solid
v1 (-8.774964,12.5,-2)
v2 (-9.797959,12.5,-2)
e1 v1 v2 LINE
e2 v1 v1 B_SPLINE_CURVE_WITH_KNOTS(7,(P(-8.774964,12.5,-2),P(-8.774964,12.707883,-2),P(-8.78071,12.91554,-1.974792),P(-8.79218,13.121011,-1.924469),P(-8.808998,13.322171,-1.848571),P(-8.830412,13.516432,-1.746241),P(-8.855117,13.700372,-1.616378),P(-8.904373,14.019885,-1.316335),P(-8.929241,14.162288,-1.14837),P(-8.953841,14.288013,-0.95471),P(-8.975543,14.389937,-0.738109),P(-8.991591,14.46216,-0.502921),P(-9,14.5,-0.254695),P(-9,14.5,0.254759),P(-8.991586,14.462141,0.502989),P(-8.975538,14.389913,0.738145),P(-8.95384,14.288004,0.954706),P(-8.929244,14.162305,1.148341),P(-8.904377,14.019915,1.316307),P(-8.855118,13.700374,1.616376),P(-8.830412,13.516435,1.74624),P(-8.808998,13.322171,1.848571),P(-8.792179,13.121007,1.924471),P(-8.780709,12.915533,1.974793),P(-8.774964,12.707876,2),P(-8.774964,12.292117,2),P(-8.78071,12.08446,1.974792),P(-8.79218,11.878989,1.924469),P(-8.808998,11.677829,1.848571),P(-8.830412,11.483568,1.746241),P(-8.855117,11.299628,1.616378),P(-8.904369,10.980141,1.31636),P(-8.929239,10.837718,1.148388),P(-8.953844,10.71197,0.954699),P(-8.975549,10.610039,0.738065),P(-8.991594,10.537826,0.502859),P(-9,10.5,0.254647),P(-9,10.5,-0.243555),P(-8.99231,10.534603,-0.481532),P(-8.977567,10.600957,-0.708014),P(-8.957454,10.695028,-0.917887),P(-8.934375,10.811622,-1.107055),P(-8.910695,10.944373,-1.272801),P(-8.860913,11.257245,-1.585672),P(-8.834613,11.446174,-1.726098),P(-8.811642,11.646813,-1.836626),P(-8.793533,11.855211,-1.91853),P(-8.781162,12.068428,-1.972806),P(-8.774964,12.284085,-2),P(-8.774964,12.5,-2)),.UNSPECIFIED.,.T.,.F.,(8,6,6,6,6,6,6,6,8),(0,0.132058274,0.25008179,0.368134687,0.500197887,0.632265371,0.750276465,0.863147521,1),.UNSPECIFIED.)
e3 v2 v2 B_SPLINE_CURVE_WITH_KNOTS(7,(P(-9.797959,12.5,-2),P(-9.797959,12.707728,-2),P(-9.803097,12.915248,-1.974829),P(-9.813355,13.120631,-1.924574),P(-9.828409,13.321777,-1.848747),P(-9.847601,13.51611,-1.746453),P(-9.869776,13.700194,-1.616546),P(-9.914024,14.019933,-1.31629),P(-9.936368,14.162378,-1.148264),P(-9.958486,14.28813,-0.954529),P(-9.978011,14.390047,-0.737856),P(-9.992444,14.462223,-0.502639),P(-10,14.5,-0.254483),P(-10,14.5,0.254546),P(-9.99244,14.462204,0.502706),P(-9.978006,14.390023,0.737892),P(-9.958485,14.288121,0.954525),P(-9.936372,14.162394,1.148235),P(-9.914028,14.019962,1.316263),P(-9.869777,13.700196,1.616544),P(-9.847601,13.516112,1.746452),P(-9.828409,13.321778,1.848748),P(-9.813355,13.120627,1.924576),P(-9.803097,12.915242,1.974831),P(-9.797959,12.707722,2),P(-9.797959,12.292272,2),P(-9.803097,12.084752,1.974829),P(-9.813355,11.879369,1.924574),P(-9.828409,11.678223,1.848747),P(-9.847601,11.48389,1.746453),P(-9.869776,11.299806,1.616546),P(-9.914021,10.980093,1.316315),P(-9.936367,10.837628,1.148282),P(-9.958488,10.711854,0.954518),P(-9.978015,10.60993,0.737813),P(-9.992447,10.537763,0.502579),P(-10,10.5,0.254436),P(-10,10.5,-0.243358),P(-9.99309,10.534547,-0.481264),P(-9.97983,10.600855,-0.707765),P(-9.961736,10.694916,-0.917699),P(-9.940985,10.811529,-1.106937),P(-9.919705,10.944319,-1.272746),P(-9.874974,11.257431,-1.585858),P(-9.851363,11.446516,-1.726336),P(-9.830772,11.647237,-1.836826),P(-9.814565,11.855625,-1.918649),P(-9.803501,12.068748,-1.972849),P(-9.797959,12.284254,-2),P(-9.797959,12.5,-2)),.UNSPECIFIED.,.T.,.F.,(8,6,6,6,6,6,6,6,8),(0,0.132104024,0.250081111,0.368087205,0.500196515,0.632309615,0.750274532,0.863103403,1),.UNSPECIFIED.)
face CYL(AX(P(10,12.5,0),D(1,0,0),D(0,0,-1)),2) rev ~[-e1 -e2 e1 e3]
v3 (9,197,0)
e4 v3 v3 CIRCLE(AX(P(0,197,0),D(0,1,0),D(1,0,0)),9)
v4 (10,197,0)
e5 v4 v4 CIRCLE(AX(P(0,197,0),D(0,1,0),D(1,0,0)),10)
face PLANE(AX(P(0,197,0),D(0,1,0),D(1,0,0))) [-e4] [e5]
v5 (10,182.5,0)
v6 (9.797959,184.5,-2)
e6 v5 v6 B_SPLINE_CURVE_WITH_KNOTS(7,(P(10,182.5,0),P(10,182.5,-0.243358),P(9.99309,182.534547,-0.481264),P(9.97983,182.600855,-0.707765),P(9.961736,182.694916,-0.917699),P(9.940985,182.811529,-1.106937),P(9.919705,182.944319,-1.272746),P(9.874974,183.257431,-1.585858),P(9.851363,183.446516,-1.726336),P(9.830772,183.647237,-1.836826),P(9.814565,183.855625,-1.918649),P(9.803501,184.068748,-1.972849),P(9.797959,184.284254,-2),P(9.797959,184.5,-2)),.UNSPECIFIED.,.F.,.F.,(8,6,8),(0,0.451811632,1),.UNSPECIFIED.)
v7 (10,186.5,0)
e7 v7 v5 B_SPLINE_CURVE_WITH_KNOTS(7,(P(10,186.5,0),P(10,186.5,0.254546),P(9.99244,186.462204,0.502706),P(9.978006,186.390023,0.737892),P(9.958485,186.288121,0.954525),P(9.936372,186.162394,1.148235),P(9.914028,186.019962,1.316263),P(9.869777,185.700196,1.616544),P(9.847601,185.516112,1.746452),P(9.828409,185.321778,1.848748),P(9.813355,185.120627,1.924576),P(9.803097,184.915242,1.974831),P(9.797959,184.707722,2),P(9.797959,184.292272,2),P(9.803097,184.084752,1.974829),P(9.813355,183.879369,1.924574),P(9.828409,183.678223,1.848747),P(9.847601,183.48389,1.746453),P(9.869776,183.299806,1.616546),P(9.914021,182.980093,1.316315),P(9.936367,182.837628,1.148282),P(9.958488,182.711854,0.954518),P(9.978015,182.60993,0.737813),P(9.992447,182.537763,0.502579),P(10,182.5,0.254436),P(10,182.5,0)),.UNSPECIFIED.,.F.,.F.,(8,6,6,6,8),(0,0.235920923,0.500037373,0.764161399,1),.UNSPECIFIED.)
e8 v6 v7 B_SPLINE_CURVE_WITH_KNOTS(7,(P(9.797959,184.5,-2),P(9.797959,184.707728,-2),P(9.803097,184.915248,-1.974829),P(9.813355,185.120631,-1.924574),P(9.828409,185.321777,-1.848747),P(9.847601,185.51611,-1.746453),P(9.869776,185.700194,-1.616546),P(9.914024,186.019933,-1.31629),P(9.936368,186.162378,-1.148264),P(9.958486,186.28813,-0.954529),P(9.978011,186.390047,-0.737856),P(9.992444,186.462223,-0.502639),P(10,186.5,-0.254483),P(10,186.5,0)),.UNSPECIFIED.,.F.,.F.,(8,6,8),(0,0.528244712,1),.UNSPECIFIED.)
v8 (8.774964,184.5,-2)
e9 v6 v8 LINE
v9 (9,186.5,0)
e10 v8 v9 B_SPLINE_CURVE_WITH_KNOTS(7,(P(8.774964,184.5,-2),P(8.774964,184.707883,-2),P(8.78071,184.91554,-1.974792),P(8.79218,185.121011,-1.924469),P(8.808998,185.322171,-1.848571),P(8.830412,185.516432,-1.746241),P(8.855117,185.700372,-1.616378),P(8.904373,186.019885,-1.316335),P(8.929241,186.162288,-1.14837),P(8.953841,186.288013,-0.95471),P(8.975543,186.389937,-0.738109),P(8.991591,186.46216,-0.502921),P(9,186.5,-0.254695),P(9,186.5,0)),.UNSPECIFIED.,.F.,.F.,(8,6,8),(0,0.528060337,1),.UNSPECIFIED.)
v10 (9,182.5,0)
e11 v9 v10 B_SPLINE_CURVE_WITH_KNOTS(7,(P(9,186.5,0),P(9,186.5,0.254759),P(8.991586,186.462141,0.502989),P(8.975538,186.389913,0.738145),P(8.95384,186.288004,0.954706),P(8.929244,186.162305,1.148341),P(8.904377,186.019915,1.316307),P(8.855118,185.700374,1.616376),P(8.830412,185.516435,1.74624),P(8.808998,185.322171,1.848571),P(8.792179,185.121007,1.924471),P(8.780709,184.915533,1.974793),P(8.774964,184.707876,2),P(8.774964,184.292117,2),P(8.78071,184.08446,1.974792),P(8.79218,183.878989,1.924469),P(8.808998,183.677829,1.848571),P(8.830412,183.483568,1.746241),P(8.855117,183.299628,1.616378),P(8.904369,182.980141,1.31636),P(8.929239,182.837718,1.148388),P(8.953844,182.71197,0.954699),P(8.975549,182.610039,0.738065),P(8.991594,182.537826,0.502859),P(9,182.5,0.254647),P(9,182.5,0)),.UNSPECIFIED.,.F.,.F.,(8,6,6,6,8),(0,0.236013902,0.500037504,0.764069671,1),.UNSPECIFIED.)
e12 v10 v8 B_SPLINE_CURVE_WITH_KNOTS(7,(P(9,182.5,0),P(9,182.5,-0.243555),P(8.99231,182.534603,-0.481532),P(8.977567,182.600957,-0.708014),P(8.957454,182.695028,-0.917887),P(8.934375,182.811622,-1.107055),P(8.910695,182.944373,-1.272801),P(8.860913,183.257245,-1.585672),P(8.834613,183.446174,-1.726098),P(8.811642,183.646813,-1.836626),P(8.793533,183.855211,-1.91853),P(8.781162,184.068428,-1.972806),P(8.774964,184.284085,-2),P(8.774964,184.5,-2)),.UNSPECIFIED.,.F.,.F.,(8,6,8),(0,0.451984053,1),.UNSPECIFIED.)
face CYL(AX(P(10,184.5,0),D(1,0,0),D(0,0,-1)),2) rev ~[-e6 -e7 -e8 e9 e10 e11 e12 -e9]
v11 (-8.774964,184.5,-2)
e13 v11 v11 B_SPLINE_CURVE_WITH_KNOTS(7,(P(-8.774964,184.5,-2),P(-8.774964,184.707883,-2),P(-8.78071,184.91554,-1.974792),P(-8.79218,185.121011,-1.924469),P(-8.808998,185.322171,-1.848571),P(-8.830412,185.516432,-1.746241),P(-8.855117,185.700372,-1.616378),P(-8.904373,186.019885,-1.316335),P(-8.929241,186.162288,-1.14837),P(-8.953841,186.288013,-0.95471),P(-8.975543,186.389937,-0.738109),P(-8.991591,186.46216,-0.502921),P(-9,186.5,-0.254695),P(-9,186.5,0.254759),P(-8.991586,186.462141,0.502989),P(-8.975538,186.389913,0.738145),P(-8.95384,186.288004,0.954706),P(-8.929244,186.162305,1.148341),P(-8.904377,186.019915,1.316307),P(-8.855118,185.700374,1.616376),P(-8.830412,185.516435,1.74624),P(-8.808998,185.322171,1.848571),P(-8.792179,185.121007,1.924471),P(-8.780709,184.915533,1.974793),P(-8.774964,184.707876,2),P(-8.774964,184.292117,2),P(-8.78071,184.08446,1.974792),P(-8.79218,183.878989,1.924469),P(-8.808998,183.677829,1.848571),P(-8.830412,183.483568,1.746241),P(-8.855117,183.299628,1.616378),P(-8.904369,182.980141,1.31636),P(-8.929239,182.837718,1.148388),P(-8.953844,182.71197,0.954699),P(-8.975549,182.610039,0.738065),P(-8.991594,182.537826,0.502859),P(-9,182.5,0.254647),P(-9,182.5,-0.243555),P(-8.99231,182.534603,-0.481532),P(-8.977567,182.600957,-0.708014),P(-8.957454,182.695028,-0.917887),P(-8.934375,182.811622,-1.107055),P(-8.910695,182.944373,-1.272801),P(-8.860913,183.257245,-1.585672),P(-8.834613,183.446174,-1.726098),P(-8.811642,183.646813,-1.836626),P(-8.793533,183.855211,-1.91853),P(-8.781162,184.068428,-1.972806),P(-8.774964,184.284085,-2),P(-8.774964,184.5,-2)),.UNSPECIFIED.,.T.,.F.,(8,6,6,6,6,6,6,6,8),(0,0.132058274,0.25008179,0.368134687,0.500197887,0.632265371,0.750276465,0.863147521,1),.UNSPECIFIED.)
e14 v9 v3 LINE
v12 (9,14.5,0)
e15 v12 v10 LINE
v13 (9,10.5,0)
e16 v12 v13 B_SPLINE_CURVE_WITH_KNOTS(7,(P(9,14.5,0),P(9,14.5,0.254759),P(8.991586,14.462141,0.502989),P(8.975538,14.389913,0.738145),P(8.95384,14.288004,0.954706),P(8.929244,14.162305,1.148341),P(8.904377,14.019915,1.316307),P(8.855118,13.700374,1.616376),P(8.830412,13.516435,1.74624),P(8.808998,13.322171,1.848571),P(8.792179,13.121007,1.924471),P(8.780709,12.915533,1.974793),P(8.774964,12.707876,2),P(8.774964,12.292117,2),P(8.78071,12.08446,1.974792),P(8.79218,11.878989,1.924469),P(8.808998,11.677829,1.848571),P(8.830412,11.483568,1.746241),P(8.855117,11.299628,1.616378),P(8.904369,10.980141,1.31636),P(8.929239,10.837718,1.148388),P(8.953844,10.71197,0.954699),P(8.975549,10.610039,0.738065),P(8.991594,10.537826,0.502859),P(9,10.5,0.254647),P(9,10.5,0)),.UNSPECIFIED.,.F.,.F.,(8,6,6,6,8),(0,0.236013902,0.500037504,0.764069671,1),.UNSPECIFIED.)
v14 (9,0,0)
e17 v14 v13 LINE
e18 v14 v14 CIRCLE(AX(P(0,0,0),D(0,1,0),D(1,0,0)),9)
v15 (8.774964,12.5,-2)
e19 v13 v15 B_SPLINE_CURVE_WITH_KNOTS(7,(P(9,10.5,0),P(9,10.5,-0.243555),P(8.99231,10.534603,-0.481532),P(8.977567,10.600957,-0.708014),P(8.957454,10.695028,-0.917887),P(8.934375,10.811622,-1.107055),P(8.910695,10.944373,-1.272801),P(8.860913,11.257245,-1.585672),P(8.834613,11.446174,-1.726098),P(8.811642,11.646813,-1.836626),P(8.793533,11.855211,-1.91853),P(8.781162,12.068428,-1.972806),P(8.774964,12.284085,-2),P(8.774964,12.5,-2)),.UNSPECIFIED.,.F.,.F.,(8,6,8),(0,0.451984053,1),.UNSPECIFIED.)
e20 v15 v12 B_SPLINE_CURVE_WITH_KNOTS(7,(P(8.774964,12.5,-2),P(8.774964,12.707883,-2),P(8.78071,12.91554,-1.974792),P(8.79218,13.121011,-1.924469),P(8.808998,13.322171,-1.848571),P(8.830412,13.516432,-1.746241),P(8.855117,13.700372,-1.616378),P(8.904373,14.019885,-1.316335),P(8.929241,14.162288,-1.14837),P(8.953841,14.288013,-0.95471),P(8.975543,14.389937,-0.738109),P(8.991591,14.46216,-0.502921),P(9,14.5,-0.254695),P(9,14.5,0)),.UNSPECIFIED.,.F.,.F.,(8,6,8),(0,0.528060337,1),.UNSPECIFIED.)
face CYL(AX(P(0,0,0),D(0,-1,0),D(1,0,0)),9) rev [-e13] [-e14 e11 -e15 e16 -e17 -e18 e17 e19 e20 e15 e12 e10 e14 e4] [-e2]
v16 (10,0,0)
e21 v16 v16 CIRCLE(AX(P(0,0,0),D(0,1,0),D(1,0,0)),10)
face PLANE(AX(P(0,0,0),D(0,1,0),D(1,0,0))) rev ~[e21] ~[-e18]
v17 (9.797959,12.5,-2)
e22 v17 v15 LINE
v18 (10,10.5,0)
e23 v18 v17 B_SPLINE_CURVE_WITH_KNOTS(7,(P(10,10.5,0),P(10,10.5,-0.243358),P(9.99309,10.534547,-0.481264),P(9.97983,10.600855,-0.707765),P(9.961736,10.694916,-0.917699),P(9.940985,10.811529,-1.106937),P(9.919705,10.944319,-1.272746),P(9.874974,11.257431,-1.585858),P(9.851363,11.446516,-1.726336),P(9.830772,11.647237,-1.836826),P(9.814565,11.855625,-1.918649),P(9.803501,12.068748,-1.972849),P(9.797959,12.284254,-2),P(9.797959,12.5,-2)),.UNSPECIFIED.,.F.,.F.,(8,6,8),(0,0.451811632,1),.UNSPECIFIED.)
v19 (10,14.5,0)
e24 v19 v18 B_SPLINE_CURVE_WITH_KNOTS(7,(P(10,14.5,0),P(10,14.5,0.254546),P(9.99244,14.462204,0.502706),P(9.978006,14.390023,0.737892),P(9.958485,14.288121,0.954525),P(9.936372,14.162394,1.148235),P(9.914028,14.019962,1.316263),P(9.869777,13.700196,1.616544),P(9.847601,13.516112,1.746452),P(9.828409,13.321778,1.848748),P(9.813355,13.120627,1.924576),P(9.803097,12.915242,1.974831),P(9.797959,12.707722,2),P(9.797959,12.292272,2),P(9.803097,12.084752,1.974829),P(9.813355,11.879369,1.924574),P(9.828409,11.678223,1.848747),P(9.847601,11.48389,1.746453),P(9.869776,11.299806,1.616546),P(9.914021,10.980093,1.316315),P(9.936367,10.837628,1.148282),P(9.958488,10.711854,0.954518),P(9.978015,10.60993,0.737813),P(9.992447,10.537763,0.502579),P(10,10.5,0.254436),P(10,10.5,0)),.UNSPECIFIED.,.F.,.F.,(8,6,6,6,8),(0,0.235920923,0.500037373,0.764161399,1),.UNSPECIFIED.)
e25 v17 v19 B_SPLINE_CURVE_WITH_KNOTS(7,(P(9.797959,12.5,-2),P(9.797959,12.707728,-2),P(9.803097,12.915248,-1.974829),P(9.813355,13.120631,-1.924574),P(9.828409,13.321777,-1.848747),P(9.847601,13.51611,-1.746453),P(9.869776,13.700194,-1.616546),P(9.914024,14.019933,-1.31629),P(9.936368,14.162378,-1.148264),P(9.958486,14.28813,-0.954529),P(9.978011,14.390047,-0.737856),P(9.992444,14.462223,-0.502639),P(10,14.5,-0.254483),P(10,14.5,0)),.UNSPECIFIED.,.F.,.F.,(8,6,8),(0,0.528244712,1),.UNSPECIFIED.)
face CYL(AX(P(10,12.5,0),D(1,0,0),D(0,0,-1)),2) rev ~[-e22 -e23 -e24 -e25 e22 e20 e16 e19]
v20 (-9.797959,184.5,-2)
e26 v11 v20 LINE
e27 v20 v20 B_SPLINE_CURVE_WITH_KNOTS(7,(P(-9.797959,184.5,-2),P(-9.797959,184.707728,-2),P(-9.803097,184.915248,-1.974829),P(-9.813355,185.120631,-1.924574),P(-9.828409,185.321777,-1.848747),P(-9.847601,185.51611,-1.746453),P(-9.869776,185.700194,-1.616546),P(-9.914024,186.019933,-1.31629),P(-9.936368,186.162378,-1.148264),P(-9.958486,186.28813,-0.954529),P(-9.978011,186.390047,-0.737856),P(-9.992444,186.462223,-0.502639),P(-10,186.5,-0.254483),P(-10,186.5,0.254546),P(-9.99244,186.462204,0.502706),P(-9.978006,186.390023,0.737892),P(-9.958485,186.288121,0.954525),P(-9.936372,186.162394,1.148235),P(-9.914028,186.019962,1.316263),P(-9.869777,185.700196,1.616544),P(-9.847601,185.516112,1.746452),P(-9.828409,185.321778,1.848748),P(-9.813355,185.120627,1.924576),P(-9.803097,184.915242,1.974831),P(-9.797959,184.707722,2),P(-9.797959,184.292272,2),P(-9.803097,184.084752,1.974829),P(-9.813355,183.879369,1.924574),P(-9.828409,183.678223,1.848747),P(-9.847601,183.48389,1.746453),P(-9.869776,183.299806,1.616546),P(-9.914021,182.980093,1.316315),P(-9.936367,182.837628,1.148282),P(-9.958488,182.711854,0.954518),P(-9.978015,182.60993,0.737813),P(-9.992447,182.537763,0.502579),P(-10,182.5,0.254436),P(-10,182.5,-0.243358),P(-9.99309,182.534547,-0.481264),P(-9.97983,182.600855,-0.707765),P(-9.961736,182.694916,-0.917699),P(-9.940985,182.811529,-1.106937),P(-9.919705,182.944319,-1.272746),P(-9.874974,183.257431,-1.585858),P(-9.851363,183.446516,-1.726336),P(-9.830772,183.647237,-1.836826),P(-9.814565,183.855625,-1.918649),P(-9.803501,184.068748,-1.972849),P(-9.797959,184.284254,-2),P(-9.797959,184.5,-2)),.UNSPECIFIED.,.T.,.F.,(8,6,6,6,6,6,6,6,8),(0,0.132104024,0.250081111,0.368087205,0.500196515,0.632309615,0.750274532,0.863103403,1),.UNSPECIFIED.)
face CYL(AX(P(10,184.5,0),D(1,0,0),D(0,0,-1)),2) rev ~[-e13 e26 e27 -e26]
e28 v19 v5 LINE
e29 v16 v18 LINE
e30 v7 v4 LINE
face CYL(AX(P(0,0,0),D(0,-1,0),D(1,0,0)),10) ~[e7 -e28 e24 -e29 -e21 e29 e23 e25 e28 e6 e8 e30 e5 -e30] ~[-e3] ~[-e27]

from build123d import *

# Parameters (mm, degrees)
SKETCH1_R           = 10
SKETCH1_R_2         = 9
BOSS_EXTRUDE1_DEPTH = 197
SKETCH2_R           = 2
CUT_EXTRUDE1_DEPTH  = 21


with BuildPart() as part:
    # Sketch1 → Boss-Extrude1 (new body)
    with BuildSketch(Plane(origin=(0, 0, 0), x_dir=(1, 0, 0), z_dir=(0, 1, 0))):
        Circle(SKETCH1_R)
        Circle(SKETCH1_R_2, mode=Mode.SUBTRACT)
    extrude(amount=BOSS_EXTRUDE1_DEPTH)

    # Sketch2 → Cut-Extrude1 (cut, through all)
    with BuildSketch(Plane(origin=(10, 0, 0), x_dir=(0, 0, -1), z_dir=(1, 0, 0))):
        with Locations((0, 184.5)):
            Circle(SKETCH2_R)
        with Locations((0, 12.5)):
            Circle(SKETCH2_R)
    extrude(amount=-CUT_EXTRUDE1_DEPTH, mode=Mode.SUBTRACT)


solid = part.part
